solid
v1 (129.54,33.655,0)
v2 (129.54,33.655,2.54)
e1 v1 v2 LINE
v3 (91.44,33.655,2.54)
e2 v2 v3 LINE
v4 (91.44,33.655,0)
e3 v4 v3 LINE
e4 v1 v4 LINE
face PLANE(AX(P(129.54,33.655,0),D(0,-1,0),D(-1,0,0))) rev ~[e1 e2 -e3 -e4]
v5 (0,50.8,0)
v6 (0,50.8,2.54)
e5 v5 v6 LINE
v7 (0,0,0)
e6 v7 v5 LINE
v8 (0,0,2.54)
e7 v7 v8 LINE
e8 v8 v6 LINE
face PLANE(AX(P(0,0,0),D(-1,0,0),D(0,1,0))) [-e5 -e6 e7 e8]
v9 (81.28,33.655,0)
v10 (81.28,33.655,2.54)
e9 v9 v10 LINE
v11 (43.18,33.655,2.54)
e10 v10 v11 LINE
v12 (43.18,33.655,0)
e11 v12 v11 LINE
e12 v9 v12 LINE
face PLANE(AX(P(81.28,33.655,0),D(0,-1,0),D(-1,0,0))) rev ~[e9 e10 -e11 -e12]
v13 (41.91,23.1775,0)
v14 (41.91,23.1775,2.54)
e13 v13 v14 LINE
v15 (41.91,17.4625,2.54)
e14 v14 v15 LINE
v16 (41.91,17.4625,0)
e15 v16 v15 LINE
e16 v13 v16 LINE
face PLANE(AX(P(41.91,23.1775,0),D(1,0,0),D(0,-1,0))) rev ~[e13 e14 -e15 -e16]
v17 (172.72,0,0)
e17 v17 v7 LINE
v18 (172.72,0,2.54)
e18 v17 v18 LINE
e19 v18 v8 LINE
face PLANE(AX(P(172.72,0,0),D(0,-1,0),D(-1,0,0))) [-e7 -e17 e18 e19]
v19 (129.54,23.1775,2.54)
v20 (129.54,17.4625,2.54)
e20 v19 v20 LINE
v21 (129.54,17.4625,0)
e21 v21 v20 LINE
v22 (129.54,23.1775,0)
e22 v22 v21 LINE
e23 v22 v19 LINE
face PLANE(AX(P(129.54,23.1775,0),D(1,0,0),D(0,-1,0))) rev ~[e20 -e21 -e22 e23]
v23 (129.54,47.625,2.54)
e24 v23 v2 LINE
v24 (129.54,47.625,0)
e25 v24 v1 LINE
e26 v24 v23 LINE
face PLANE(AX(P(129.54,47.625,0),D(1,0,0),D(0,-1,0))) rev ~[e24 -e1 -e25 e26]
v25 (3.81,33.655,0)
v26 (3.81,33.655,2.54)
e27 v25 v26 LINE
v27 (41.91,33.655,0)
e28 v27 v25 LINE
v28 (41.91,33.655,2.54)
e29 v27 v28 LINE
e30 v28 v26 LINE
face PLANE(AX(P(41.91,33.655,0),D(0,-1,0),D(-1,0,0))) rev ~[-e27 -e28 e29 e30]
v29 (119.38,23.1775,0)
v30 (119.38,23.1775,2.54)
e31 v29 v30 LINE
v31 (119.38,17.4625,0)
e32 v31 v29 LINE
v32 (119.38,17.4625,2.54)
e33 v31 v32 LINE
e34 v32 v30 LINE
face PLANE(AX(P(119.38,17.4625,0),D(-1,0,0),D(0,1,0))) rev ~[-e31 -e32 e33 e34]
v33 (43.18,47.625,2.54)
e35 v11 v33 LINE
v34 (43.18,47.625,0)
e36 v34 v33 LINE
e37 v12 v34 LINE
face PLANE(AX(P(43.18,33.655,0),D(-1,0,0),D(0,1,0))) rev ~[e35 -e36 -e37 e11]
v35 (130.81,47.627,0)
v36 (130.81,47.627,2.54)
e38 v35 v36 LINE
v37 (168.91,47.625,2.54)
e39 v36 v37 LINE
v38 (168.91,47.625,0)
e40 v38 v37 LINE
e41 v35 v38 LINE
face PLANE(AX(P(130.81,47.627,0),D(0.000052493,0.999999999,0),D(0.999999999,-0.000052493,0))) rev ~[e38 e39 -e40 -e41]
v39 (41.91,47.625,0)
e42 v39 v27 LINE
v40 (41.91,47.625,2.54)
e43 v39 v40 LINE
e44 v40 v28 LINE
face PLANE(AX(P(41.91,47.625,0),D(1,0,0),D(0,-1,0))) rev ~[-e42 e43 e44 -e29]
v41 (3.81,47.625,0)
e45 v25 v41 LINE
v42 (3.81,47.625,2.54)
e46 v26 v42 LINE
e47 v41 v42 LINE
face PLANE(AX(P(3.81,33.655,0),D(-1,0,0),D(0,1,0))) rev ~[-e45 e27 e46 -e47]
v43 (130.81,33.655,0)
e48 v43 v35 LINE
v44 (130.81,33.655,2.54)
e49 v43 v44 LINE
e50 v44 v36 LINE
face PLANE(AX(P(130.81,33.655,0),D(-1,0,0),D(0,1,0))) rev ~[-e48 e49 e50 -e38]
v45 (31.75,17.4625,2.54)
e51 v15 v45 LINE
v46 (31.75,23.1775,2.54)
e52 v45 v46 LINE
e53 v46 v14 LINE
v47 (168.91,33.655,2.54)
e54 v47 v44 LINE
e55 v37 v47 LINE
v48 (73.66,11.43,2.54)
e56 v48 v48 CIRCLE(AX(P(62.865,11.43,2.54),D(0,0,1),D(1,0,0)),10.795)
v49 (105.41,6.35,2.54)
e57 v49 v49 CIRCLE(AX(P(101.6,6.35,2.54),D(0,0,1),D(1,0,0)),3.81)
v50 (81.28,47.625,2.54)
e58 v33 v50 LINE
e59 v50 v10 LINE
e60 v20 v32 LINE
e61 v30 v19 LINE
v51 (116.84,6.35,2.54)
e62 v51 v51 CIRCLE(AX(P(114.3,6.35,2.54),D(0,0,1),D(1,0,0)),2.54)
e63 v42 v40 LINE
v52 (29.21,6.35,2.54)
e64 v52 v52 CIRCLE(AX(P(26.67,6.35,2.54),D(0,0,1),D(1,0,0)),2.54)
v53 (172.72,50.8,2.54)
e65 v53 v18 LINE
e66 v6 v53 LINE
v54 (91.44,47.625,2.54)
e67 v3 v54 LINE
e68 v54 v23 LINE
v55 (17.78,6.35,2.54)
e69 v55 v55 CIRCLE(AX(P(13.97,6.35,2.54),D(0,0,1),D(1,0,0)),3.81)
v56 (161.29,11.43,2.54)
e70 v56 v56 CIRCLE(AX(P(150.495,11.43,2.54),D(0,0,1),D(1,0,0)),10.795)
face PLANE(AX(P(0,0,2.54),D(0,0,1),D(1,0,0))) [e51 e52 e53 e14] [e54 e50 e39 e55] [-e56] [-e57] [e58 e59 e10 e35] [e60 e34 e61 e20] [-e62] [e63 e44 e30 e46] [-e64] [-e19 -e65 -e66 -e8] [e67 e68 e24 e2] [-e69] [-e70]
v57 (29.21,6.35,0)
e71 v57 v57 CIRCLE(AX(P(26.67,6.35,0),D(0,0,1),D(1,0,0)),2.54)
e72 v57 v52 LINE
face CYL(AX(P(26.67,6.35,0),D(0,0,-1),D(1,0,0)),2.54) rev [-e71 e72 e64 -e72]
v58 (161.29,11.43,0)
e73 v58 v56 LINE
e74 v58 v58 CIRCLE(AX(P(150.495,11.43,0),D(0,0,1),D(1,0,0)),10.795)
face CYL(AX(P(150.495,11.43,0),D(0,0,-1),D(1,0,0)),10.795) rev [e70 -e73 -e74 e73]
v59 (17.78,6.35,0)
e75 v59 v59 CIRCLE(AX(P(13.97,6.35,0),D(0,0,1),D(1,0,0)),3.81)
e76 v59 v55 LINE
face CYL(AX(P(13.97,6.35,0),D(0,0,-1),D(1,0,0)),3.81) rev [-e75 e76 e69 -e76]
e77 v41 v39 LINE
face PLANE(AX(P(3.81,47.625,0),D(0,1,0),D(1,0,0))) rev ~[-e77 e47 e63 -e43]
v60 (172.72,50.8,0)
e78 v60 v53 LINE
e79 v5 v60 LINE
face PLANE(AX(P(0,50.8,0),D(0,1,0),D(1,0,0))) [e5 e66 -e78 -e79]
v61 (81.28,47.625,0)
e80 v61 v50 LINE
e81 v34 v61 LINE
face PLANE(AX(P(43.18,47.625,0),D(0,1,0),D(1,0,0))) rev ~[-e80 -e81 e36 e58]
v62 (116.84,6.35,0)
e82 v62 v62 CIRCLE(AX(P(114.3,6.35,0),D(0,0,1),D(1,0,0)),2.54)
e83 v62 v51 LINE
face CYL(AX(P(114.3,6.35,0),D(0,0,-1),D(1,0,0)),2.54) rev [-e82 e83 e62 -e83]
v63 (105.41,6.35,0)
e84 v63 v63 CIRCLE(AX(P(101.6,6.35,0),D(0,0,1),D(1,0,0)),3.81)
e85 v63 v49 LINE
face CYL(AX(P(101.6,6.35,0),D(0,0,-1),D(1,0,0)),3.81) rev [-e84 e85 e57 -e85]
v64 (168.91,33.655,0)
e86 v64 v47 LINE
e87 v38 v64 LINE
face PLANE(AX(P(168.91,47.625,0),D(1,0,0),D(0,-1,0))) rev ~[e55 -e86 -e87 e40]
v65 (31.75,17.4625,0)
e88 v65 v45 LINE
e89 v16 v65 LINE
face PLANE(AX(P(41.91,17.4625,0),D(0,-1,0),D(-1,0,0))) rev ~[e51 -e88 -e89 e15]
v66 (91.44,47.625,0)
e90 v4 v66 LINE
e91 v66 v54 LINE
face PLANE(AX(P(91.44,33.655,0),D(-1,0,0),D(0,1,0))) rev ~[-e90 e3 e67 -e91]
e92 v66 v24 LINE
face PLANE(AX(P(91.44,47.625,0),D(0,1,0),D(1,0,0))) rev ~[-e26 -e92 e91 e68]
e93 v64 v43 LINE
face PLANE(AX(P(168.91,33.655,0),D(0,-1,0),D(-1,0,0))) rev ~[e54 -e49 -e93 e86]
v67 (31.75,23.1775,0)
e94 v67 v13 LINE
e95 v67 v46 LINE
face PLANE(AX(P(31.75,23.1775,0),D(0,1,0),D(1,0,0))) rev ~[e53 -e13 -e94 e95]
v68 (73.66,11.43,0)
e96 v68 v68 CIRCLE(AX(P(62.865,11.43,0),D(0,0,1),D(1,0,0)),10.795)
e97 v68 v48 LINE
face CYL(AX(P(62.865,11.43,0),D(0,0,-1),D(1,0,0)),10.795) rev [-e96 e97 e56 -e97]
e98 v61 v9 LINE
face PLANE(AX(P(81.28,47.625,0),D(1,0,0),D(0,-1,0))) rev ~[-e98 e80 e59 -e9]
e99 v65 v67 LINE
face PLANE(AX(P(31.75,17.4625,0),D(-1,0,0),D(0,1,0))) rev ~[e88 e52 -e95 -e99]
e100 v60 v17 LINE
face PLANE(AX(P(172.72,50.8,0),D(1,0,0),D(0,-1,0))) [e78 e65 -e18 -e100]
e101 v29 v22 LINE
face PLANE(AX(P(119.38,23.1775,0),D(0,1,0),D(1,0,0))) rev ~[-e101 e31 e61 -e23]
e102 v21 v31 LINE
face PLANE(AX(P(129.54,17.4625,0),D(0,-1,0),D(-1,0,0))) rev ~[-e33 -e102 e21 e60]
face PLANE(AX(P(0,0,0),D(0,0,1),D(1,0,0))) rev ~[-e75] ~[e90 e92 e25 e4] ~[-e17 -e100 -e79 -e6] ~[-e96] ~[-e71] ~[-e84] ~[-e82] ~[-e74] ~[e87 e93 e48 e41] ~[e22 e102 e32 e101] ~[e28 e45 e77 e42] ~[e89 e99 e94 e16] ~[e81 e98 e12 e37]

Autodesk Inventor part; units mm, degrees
ref_plane "YZ Plane" through (0, 0, 0) normal (1, 0, 0) x (0, 1, 0)
ref_plane "XZ Plane" through (0, 0, 0) normal (0, 1, 0) x (-1, 0, 0)
ref_plane "XY Plane" through (0, 0, 0) normal (0, 0, 1) x (1, 0, 0)
sketch "Náčrt1" plane through (0, 0, 0) normal (0, 0, 1) x (1, 0, 0)
  point P0 (0, 0)
sketch "Náčrt2" plane through (0, 0, 0) normal (0, 0, 1) x (1, 0, 0)
  line L0 (130.81, 47.627) -> (168.91, 47.625)
  line L1 (168.91, 47.625) -> (168.91, 33.655)
  line L2 (168.91, 33.655) -> (130.81, 33.655)
  line L3 (130.81, 33.655) -> (130.81, 47.627)
  line L4 (3.81, 47.625) -> (41.91, 47.625)
  line L5 (41.91, 47.625) -> (41.91, 33.655)
  line L6 (41.91, 33.655) -> (3.81, 33.655)
  line L7 (3.81, 33.655) -> (3.81, 47.625)
  line L8 (43.18, 47.625) -> (81.28, 47.625)
  line L9 (81.28, 47.625) -> (81.28, 33.655)
  line L10 (81.28, 33.655) -> (43.18, 33.655)
  line L11 (43.18, 33.655) -> (43.18, 47.625)
  line L12 (91.44, 47.625) -> (129.54, 47.625)
  line L13 (129.54, 47.625) -> (129.54, 33.655)
  line L14 (129.54, 33.655) -> (91.44, 33.655)
  line L15 (91.44, 33.655) -> (91.44, 47.625)
  circle A0 centre (26.67, 6.35) radius 2.54
  circle A1 centre (13.97, 6.35) radius 3.81
  circle A2 centre (62.865, 11.43) radius 10.795
  circle A3 centre (114.3, 6.35) radius 2.54
  circle A4 centre (101.6, 6.35) radius 3.81
  circle A5 centre (150.495, 11.43) radius 10.795
  line L16 (31.75, 23.1775) -> (41.91, 23.1775)
  line L17 (41.91, 23.1775) -> (41.91, 17.4625)
  line L18 (41.91, 17.4625) -> (31.75, 17.4625)
  line L19 (31.75, 17.4625) -> (31.75, 23.1775)
  line L20 (119.38, 23.1775) -> (129.54, 23.1775)
  line L21 (129.54, 23.1775) -> (129.54, 17.4625)
  line L22 (129.54, 17.4625) -> (119.38, 17.4625)
  line L23 (119.38, 17.4625) -> (119.38, 23.1775)
  line L24 (0, 50.8) -> (172.72, 50.8)
  line L25 (172.72, 50.8) -> (172.72, 0)
  line L26 (172.72, 0) -> (0, 0)
  line L27 (0, 0) -> (0, 50.8)
extrude "Vysunutí1" add sketch "Náčrt2" along normal blind 2.54
properties part number "NavCom_mask"
